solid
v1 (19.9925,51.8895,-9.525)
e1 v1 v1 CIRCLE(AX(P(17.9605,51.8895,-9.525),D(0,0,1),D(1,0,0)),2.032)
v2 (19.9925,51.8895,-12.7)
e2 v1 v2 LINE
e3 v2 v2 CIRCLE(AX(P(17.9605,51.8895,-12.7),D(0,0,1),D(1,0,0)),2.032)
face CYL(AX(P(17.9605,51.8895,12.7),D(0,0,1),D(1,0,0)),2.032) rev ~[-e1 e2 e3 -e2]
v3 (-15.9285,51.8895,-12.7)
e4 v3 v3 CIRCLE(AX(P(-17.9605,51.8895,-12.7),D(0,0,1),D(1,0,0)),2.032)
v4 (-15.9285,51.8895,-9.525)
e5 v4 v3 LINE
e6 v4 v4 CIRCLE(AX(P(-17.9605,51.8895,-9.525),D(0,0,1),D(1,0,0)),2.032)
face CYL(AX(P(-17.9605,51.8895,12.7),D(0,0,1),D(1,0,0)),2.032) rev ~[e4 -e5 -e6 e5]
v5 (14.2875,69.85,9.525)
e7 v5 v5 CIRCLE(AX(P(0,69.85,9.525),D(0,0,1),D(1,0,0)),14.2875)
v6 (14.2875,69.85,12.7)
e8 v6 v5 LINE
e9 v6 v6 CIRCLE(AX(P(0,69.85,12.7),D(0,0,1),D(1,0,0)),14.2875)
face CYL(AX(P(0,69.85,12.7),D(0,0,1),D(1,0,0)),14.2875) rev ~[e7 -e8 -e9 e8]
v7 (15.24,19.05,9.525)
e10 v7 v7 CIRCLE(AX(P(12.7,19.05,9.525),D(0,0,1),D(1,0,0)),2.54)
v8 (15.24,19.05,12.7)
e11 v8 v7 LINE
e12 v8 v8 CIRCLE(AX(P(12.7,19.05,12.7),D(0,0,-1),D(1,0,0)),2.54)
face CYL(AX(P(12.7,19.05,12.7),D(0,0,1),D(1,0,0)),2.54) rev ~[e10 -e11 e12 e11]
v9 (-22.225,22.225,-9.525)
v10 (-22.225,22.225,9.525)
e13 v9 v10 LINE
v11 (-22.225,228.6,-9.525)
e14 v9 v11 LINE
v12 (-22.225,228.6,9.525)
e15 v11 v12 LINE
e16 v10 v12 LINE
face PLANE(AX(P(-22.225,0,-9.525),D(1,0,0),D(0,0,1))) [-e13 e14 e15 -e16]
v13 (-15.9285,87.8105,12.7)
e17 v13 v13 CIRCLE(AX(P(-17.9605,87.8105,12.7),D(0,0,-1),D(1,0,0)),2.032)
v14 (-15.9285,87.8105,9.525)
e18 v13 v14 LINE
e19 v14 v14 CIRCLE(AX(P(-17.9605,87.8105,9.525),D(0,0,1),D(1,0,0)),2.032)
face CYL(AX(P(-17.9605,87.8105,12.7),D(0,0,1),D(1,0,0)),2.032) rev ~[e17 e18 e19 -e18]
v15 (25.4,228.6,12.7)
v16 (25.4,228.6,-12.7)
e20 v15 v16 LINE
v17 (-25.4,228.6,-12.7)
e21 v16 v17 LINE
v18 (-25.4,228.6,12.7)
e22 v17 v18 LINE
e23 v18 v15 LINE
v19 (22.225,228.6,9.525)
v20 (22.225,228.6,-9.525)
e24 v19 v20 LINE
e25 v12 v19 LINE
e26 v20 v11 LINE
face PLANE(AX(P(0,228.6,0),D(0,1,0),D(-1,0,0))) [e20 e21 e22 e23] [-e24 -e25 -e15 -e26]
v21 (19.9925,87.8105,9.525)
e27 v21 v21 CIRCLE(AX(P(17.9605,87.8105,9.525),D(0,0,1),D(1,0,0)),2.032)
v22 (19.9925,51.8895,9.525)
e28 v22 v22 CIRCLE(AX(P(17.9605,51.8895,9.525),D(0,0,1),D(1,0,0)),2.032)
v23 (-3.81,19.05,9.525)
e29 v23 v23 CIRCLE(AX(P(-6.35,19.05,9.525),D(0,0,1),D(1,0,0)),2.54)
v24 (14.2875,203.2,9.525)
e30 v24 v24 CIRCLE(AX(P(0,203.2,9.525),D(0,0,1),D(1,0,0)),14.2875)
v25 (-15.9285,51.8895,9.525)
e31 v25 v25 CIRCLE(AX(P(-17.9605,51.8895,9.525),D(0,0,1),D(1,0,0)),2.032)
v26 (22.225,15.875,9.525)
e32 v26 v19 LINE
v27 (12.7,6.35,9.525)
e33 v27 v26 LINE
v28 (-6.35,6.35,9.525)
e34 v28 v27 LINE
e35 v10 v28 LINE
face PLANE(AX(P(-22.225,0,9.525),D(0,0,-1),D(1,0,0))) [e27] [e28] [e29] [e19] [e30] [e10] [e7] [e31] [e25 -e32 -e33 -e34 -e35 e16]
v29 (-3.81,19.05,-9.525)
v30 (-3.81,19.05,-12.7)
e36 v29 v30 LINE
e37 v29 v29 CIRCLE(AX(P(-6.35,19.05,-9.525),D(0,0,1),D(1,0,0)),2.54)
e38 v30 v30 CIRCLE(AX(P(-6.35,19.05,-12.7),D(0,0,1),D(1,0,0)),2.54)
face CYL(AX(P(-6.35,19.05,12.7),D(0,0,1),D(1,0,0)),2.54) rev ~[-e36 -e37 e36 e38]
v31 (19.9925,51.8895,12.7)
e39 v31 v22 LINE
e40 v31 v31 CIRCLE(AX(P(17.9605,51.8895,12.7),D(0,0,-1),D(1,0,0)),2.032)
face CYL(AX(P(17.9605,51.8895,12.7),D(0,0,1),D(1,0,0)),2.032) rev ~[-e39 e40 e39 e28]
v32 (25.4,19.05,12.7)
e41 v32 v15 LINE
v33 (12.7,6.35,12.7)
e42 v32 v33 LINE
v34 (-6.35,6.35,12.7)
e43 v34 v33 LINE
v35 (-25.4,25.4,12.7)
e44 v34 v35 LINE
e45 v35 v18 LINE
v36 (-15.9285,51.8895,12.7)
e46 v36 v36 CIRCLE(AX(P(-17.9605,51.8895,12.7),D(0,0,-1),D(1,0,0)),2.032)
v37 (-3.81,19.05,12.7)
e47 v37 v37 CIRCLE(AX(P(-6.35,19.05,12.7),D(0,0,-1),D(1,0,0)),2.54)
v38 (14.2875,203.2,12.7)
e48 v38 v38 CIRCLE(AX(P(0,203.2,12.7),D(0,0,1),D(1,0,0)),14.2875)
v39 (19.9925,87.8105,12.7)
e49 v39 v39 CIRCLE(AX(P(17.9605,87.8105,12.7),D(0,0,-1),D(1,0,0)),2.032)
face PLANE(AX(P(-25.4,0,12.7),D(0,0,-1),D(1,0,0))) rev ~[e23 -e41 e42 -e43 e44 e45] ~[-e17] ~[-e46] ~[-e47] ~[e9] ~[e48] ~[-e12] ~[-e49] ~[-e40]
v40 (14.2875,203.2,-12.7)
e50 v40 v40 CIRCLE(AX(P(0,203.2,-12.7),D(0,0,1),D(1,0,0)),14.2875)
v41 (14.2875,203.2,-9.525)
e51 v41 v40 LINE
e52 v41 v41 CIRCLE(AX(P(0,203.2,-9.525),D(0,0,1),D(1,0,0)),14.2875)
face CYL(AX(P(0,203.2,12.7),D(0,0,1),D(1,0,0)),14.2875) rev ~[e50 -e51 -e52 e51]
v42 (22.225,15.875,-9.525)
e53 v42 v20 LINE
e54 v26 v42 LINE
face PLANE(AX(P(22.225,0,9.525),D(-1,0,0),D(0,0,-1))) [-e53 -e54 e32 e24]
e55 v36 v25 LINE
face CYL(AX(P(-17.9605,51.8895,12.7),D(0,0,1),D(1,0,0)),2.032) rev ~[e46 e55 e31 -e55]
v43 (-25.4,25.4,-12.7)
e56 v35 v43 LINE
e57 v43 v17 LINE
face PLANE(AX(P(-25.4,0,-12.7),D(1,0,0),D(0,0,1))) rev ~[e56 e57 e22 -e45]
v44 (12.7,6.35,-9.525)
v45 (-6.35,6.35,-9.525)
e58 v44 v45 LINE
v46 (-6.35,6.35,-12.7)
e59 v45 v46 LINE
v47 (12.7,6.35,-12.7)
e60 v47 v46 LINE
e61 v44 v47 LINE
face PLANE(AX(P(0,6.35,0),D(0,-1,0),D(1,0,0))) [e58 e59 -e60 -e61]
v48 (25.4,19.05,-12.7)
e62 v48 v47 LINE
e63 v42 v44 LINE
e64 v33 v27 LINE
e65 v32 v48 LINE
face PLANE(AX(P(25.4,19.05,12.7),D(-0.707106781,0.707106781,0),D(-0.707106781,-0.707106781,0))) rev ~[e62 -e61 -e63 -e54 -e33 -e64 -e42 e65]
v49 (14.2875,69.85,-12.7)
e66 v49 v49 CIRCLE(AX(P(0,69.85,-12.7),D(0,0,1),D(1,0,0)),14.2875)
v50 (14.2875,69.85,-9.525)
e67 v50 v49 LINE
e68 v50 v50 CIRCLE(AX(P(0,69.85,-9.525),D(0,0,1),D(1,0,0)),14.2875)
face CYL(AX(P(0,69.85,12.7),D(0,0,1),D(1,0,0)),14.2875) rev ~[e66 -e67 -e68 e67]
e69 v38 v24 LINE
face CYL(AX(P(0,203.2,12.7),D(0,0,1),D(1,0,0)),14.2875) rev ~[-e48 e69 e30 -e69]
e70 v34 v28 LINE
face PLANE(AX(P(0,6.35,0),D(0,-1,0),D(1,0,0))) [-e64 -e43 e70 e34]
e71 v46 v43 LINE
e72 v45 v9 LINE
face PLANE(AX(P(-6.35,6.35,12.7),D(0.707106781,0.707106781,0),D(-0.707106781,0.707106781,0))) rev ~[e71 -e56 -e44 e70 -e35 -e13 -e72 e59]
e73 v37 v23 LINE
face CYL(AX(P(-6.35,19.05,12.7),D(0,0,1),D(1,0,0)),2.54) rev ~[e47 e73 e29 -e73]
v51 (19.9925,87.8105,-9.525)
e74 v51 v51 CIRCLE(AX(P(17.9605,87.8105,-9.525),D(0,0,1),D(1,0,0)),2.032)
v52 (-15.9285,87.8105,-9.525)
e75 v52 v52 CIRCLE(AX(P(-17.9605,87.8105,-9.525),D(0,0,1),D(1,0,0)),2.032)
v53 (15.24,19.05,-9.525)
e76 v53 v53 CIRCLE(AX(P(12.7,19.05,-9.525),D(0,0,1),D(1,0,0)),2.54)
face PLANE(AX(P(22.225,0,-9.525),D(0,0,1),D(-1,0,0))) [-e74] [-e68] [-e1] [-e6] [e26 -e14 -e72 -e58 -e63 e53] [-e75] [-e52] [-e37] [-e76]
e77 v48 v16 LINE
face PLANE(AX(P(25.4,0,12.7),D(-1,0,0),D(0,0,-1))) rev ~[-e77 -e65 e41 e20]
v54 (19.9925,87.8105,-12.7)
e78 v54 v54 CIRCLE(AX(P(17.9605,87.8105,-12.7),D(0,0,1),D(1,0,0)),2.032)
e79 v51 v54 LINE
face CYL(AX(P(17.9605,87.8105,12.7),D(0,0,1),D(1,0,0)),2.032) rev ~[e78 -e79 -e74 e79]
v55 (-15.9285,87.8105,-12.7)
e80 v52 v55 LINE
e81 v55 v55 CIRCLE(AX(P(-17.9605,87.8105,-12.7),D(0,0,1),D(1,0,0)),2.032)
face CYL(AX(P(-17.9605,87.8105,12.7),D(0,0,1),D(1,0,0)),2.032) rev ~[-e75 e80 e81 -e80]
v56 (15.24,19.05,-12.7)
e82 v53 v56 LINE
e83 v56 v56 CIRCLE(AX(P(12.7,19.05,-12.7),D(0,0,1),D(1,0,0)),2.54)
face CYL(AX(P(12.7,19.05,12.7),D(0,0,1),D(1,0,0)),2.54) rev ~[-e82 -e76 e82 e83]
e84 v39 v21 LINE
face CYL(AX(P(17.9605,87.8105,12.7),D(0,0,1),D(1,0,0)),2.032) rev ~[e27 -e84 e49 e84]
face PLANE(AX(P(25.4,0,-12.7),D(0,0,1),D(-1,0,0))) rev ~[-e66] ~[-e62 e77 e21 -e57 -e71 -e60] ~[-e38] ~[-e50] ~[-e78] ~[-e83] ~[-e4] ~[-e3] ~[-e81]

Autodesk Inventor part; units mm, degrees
ref_plane "YZ Plane" through (0, 0, 0) normal (1, 0, 0) x (0, 1, 0)
ref_plane "XZ Plane" through (0, 0, 0) normal (0, 1, 0) x (-1, 0, 0)
ref_plane "XY Plane" through (0, 0, 0) normal (0, 0, 1) x (1, 0, 0)
sketch "Sketch1" plane through (0, 0, 0) normal (0, 1, 0) x (-1, 0, 0)
  line L0 (25.4, 12.7) -> (-25.4, 12.7)
  line L1 (-25.4, 12.7) -> (-25.4, -12.7)
  line L2 (-25.4, -12.7) -> (25.4, -12.7)
  line L3 (25.4, -12.7) -> (25.4, 12.7)
  line L4 (25.4, 12.7) -> (-25.4, -12.7) construction
  line L5 (-25.4, 12.7) -> (25.4, -12.7) construction
  line L6 (22.225, 9.525) -> (-22.225, 9.525)
  line L7 (-22.225, 9.525) -> (-22.225, -9.525)
  line L8 (-22.225, -9.525) -> (22.225, -9.525)
  line L9 (22.225, -9.525) -> (22.225, 9.525)
  line L10 (22.225, 9.525) -> (-22.225, -9.525) construction
  line L11 (-22.225, 9.525) -> (22.225, -9.525) construction
  point P0 (0, 0)
  dimension "d0" = 50.8
  dimension "d1" = 25.4
  dimension "d2" = 44.45
  dimension "d3" = 19.05
extrude "Extrusion1" add sketch "Sketch1" along normal blind 228.6
sketch "Sketch2" plane through (-25.4, 0, 12.7) normal (0, 0, 1) x (1, 0, 0)
  line L0 (50.8, 0) -> (50.8, 228.6) projected
  line L1 (0, 228.6) -> (50.8, 228.6) projected
  line L2 (0, 0) -> (0, 228.6) projected
  line L3 (25.4, 228.6) -> (25.4, 203.2)
  circle A0 centre (25.4, 203.2) radius 6.35
  line L4 (25.4, 203.2) -> (25.4, 25.4)
  line L5 (25.4, 203.2) -> (203.2, 203.2) construction
  line L6 (25.4, 25.4) -> (50.8, 25.4)
  line L7 (50.8, 25.4) -> (0, 25.4)
  line L8 (25.4, 25.4) -> (25.4, 19.05)
  line L9 (25.4, 25.4) -> (31.75, 25.4) construction
  line L10 (25.4, 19.05) -> (50.8, 19.05)
  line L11 (25.4, 19.05) -> (0, 19.05)
  line L12 (25.4, 19.05) -> (38.1, 19.05)
  line L13 (38.1, 19.05) -> (19.05, 19.05)
  circle A1 centre (38.1, 19.05) radius 2.54
  circle A2 centre (19.05, 19.05) radius 2.54
  point P0 (25.4, 0)
  dimension "d6" = 25.4
  dimension "d7" = 12.7
  dimension "d8" = 177.8
  dimension "d9" = 90
  dimension "d10" = 6.35
  dimension "d11" = 90
  dimension "d12" = 12.7
  dimension "d13" = 19.05
  dimension "d14" = 0
  dimension "d15" = 5.08
  dimension "d16" = 5.08
extrude "Extrusion2" cut sketch "Sketch2" against normal blind 228.6 contours A1 L10 | L10 A1 | L4 L3 A0 | A0 L3 L4 | A2 L11 | L11 A2
sketch "Sketch3" plane through (0, 0, 0) normal (0, -1, 0) x (1, 0, 0)
  line L0 (-22.225, -9.525) -> (-22.225, 9.525) projected
  line L1 (-22.225, 9.525) -> (22.225, 9.525) projected
  line L2 (22.225, 9.525) -> (22.225, -9.525) projected
  line L3 (22.225, -9.525) -> (-22.225, -9.525) projected
  line L4 (-25.4, 12.7) -> (25.4, 12.7) projected
  line L5 (-25.4, -12.7) -> (-25.4, 12.7) projected
  line L6 (25.4, -12.7) -> (-25.4, -12.7) projected
  line L7 (25.4, 12.7) -> (25.4, -12.7) projected
  point P0 (0, 0)
extrude "Extrusion3" cut sketch "Sketch3" against normal blind 6.35
sketch "Sketch4" plane through (-25.4, 228.6, 12.7) normal (0, 0, 1) x (1, 0, 0)
  line L0 (0, -222.25) -> (50.8, -222.25) projected
  line L1 (50.8, -222.25) -> (50.8, 0) projected
  line L2 (0, -222.25) -> (0, 0) projected
  line L3 (0, -209.55) -> (12.7, -222.25)
  line L4 (50.8, -209.55) -> (38.1, -222.25)
  point P0 (25.4, -228.6)
extrude "Extrusion4" cut sketch "Sketch4" against normal blind 635
sketch "Sketch5" plane through (-25.4, 228.6, 12.7) normal (0, 0, 1) x (1, 0, 0)
  line L0 (0, -209.55) -> (12.7, -222.25) projected
  line L1 (12.7, -222.25) -> (38.1, -222.25) projected
  line L2 (38.1, -222.25) -> (50.8, -209.55) projected
  line L3 (0, -209.55) -> (0, 0) projected
  line L4 (19.05, -222.25) -> (0, -203.2)
  point P0 (25.4, -228.6)
extrude "Extrusion5" cut sketch "Sketch5" against normal blind 635
sketch "Sketch6" plane through (-25.4, 228.6, 12.7) normal (0, 0, 1) x (1, 0, 0)
  line L0 (19.05, -222.25) -> (38.1, -222.25) projected
  line L1 (38.1, -222.25) -> (50.8, -209.55) projected
  line L2 (0, -203.2) -> (0, 0) projected
  line L3 (25.4, -222.25) -> (25.4, -158.75)
  line L4 (25.4, -222.25) -> (88.9, -222.25) construction
  circle A0 centre (25.4, -158.75) radius 9.525
  line L5 (25.4, -158.75) -> (43.3605, -140.7895)
  line L6 (25.4, -158.75) -> (50.8, -158.75) construction
  line L7 (43.3605, -140.7895) -> (7.4395, -176.7105)
  line L8 (7.4395, -176.7105) -> (43.3605, -176.7105)
  line L9 (43.3605, -176.7105) -> (43.3605, -140.7895)
  line L10 (43.3605, -140.7895) -> (7.4395, -140.7895)
  line L11 (7.4395, -140.7895) -> (7.4395, -176.7105)
  circle A1 centre (43.3605, -140.7895) radius 2.032
  circle A2 centre (7.4395, -140.7895) radius 2.032
  circle A3 centre (7.4395, -176.7105) radius 2.032
  circle A4 centre (43.3605, -176.7105) radius 2.032
  point P0 (25.4, -228.6)
  dimension "d25" = 63.5
  dimension "d26" = 90
  dimension "d27" = 19.05
  dimension "d28" = 25.4
  dimension "d29" = 45
  dimension "d30" = 50.8
  dimension "d31" = 4.064
  dimension "d32" = 4.064
  dimension "d33" = 4.064
  dimension "d34" = 4.064
extrude "Extrusion6" cut sketch "Sketch6" against normal blind 635 contours A0 L7 L3 | L3 L5 A0 | A3 L11 L8 | L8 L7 A3 | A4 L9 L8 | L8 L9 A4 | L7 A0 L5 | L11 A3 L7 | A2 L10 L11 | L11 L10 A2 | A1 L5 L9 | L9 L10 A1 | A1 L10 L5
sketch "Sketch7" plane through (-25.4, 228.6, 12.7) normal (0, 0, 1) x (1, 0, 0)
  circle A0 centre (25.4, -25.4) radius 6.35 projected
  circle A1 centre (25.4, -25.4) radius 14.2875
  point P0 (25.4, -228.6)
  dimension "d37" = 28.575
extrude "Extrusion7" cut sketch "Sketch7" against normal blind 635
sketch "Sketch8" plane through (-25.4, 228.6, 12.7) normal (0, 0, 1) x (1, 0, 0)
  circle A0 centre (25.4, -158.75) radius 9.525 projected
  circle A1 centre (25.4, -158.75) radius 14.2875
  point P0 (25.4, -228.6)
  dimension "d40" = 28.575
extrude "Extrusion8" cut sketch "Sketch8" against normal blind 25.4
properties part number "SuperStructure"
